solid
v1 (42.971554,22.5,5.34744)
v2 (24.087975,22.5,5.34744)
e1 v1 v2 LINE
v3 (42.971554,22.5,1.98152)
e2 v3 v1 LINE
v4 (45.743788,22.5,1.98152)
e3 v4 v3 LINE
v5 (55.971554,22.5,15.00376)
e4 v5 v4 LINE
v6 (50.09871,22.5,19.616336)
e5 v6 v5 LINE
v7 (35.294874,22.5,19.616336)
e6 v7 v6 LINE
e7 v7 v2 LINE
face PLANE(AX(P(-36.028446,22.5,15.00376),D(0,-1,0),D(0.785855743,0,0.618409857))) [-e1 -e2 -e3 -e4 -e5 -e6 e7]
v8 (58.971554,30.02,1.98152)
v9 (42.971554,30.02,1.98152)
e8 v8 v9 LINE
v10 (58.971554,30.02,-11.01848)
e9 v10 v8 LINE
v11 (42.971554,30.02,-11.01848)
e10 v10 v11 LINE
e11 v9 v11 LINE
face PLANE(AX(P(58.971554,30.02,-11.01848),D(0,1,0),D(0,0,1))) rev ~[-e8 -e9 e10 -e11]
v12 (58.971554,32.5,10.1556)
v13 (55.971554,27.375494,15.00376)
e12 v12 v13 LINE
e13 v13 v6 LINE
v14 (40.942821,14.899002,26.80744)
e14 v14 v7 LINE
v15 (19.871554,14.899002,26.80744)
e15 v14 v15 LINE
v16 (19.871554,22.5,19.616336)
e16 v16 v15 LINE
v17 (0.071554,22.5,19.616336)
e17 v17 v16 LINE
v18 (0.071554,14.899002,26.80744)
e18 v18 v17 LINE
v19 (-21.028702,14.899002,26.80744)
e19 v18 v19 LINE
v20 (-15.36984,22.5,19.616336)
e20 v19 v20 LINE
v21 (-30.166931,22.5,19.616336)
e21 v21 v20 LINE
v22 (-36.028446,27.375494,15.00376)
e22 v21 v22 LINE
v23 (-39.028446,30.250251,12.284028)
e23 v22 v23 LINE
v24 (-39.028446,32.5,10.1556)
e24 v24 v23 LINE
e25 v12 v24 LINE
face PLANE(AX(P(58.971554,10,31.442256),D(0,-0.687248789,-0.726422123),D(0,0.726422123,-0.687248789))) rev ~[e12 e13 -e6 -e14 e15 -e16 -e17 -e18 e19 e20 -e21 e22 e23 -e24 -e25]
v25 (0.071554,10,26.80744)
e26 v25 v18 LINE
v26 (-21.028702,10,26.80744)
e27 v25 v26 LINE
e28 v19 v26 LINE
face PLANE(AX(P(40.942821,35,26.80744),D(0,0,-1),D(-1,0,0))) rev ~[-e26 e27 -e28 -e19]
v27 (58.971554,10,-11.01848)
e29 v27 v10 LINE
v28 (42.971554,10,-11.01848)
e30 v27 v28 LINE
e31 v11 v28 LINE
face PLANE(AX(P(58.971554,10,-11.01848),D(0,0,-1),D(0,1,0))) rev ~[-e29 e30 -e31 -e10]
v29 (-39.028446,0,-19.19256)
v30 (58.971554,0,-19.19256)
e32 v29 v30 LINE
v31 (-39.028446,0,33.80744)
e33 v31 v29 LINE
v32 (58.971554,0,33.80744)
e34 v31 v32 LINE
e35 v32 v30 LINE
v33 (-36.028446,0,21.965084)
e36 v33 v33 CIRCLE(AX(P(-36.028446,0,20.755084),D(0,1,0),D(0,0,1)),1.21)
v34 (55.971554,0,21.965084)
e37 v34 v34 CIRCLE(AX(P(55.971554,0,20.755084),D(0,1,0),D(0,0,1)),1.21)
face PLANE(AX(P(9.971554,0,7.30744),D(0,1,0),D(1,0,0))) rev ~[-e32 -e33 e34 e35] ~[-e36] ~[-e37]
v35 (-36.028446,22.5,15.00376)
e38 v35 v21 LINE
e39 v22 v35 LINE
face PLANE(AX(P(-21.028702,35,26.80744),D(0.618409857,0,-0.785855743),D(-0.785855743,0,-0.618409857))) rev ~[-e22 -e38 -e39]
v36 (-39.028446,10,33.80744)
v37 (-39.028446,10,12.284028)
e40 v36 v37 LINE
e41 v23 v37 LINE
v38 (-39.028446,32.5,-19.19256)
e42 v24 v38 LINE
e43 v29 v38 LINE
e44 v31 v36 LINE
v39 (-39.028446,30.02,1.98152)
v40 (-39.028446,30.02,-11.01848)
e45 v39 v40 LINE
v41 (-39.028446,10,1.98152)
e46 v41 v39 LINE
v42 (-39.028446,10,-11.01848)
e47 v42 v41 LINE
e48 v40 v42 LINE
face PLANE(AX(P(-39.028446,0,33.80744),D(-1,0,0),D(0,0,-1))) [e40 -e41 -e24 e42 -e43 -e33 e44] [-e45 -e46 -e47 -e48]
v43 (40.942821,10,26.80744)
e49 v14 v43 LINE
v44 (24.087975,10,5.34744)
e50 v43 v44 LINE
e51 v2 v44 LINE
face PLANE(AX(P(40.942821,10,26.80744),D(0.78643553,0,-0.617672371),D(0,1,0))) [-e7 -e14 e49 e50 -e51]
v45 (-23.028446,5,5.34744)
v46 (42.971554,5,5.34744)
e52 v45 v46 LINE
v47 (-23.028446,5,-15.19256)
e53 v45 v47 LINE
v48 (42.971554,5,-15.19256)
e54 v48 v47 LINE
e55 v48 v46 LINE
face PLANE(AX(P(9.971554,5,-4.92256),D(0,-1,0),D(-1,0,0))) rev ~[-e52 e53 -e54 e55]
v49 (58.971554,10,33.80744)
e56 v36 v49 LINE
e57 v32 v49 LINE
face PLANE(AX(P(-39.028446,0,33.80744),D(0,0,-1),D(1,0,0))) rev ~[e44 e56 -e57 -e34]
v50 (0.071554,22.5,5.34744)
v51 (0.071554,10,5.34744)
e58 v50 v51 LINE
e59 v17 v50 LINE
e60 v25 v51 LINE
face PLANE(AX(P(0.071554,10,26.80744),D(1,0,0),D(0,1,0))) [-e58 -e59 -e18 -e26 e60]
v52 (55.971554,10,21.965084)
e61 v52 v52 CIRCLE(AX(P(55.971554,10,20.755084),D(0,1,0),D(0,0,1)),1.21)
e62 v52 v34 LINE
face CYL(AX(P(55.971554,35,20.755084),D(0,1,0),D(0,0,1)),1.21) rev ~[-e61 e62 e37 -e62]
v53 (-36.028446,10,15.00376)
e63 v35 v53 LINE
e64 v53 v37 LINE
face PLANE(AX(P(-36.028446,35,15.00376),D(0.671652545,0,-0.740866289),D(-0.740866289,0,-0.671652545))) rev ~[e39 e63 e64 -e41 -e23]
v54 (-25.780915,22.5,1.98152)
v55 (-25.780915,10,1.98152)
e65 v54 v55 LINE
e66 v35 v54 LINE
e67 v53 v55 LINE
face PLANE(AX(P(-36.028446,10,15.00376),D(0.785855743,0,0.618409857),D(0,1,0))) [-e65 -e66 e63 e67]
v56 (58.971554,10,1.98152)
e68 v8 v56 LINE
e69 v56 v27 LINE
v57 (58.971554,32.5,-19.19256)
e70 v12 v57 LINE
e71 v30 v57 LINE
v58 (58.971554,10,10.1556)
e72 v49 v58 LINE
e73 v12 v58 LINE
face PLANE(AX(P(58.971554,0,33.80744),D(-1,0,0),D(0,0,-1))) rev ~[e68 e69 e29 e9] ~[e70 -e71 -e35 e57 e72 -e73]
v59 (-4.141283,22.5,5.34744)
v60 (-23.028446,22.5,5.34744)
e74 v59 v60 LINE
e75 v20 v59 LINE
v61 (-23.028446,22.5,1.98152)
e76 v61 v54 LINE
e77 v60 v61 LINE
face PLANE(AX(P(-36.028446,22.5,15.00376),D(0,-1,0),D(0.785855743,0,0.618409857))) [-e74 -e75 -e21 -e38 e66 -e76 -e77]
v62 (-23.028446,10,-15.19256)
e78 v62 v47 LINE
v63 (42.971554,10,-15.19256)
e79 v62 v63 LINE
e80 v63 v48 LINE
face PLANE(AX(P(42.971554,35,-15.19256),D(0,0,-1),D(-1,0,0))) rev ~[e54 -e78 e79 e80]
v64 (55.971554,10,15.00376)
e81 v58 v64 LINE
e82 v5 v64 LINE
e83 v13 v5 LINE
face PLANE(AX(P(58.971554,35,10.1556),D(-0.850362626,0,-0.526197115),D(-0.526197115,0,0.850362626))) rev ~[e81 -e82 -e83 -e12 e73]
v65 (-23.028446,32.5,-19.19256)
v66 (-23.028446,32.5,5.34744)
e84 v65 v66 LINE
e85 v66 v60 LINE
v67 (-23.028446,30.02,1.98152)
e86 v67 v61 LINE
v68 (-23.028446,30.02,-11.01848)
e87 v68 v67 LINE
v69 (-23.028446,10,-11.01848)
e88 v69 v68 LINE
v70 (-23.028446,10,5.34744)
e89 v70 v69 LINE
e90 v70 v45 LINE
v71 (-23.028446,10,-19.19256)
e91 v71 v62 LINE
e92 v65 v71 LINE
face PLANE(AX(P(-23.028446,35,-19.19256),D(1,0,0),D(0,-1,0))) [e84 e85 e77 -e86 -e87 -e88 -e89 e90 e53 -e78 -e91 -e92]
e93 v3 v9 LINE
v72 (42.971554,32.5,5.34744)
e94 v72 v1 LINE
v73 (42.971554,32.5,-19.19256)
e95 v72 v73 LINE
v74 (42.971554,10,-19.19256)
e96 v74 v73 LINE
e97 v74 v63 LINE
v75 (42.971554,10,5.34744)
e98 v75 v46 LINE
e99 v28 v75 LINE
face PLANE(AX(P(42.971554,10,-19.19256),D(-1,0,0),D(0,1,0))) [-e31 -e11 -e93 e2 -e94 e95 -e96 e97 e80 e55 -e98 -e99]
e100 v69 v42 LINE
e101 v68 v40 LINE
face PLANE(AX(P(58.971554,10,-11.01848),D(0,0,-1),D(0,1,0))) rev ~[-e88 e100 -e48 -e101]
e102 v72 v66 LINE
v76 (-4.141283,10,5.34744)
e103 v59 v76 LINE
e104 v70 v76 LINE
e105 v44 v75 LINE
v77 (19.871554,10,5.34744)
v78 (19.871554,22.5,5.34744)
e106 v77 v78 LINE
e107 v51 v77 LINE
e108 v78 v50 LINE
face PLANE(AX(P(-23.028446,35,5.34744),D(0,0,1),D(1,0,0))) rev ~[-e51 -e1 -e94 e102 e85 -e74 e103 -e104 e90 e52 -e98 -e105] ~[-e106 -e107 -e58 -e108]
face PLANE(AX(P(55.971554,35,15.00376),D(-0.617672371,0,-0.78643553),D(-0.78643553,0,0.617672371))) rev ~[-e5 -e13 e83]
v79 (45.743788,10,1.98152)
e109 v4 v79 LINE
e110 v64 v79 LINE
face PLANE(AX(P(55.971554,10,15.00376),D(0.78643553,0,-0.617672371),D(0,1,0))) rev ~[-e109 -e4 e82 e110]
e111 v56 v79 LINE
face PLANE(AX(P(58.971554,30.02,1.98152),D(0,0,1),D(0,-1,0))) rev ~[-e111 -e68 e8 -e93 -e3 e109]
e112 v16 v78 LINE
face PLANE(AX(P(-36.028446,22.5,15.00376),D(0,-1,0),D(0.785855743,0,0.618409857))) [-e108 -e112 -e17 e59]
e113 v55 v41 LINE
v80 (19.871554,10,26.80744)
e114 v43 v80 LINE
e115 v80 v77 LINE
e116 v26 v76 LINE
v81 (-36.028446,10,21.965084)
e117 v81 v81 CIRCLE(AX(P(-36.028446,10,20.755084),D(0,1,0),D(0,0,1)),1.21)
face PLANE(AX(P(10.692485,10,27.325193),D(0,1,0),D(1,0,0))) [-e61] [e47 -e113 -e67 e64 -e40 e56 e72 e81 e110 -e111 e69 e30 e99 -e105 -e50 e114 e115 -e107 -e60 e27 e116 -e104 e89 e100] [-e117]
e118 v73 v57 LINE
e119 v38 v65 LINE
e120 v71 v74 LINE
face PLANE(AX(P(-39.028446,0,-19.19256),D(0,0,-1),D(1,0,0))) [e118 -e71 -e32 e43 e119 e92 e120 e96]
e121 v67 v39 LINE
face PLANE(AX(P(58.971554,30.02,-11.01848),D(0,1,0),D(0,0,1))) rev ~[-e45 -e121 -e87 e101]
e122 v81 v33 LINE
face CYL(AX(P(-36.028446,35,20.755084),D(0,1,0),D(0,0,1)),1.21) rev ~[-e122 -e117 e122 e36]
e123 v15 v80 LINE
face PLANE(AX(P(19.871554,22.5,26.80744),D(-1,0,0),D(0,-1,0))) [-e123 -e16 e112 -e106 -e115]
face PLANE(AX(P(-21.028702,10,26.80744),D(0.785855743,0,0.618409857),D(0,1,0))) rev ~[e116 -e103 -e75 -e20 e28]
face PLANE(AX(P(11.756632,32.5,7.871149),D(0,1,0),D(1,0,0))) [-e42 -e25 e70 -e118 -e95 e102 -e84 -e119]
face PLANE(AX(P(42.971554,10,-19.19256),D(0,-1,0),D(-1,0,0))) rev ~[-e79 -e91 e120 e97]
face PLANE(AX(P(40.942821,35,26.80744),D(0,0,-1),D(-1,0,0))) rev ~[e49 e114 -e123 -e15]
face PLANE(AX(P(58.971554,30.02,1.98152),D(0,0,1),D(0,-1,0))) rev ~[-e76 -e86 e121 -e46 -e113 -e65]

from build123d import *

# Parameters (mm, degrees)
CROQUIS1_W              = 98
CROQUIS1_H              = 53
SALIENTE_EXTRUIR1_DEPTH = 35
CROQUIS2_R              = 1.052356083
CORTAR_EXTRUIR1_DEPTH   = 25
CROQUIS4_R              = 1.21
CORTAR_EXTRUIR2_DEPTH   = 77.456439381
CROQUIS5_R              = 1.21
CORTAR_EXTRUIR3_DEPTH   = 77.456439381
CROQUIS6_W              = 19.087146806
CROQUIS6_H              = 12.5
CORTAR_EXTRUIR4_DEPTH   = 99.715019882
CROQUIS7_W              = 19.109936399
CROQUIS7_H              = 12.5
CORTAR_EXTRUIR5_DEPTH   = 95.352926478
CORTAR_EXTRUIR6_DEPTH   = 83.575081806
CORTAR_EXTRUIR7_DEPTH   = 30
CORTAR_EXTRUIR8_DEPTH   = 110.416374403
CORTAR_EXTRUIR9_DEPTH   = 24
CROQUIS12_W             = 107.668440241
CROQUIS12_H             = 57.968086936
CORTAR_EXTRUIR10_DEPTH  = 2.5
CORTAR_EXTRUIR11_DEPTH  = 109.642500834


with BuildPart() as part:
    # Croquis1 → Saliente-Extruir1 (new body)
    with BuildSketch(Plane(origin=(0, 0, 0), x_dir=(1, 0, 0), z_dir=(0, 1, 0))):
        with Locations((9.971553611, -7.307439825)):
            Rectangle(CROQUIS1_W, CROQUIS1_H)
    extrude(amount=SALIENTE_EXTRUIR1_DEPTH)

    # Croquis2 → Cortar-Extruir1 (cut)
    with BuildSketch(Plane(origin=(0, 35, 0), x_dir=(1, 0, 0), z_dir=(0, 1, 0))):
        Polygon((19.971553611, -26.807439825), (9.971553611, -26.807439825), (-0.028446389, -26.807439825), (-21.028702453, -26.807439825), (-36.028446389, -15.003760101), (-39.028446389, -12.284028263), (-39.028446389, -33.807439825), (58.971553611, -33.807439825), (58.971553611, -10.155599963), (55.971553611, -15.003760101), (40.942820659, -26.807439825), align=None)
        with Locations(Location((-36.028446389, -20.755083742, 0), (0, 0, 270))):
            Circle(CROQUIS2_R, mode=Mode.SUBTRACT)
        with Locations(Location((55.971553611, -20.755083742, 0), (0, 0, 270))):
            Circle(CROQUIS2_R, mode=Mode.SUBTRACT)
    extrude(amount=-CORTAR_EXTRUIR1_DEPTH, mode=Mode.SUBTRACT)

    # Croquis4 → Cortar-Extruir2 (cut, through all)
    with BuildSketch(Plane(origin=(0, 35, 0), x_dir=(1, 0, 0), z_dir=(0, 1, 0))):
        with Locations(Location((-36.028446389, -20.755083742, 0), (0, 0, 270))):
            Circle(CROQUIS4_R)
    extrude(amount=-CORTAR_EXTRUIR2_DEPTH, mode=Mode.SUBTRACT)

    # Croquis5 → Cortar-Extruir3 (cut, through all)
    with BuildSketch(Plane(origin=(0, 35, 0), x_dir=(1, 0, 0), z_dir=(0, 1, 0))):
        with Locations(Location((55.971553611, -20.755083742, 0), (0, 0, 270))):
            Circle(CROQUIS5_R)
    extrude(amount=-CORTAR_EXTRUIR3_DEPTH, mode=Mode.SUBTRACT)

    # Croquis6 → Cortar-Extruir4 (cut, through all)
    with BuildSketch(Plane(origin=(-21.069927214, 0, 26.774999013), x_dir=(0.7858557430790737, 0, 0.6184098568664935), z_dir=(-0.6184098568664935, 0, 0.7858557430790737))):
        with Locations((-9.49111497, 16.25)):
            Rectangle(CROQUIS6_W, CROQUIS6_H)
    extrude(amount=-CORTAR_EXTRUIR4_DEPTH, mode=Mode.SUBTRACT)

    # Croquis7 → Cortar-Extruir5 (cut, through all)
    with BuildSketch(Plane(origin=(28.642438973, 0, 36.468251975), x_dir=(0.7864355295732114, 0, -0.6176723709418307), z_dir=(0.6176723709418307, 0, 0.7864355295732114))):
        with Locations((25.195642131, 16.25)):
            Rectangle(CROQUIS7_W, CROQUIS7_H)
    extrude(amount=-CORTAR_EXTRUIR5_DEPTH, mode=Mode.SUBTRACT)

    # Croquis8 → Cortar-Extruir6 (cut, through all)
    with BuildSketch(Plane.XY.offset(26.807439825)):
        Polygon((9.971553611, 10), (0.071553611, 10), (0.071553611, 22.5), (9.971553611, 22.5), (19.871553611, 22.5), (19.871553611, 10), align=None)
    extrude(amount=-CORTAR_EXTRUIR6_DEPTH, mode=Mode.SUBTRACT)

    # Croquis9 → Cortar-Extruir7 (cut)
    with BuildSketch(Plane(origin=(0, 35, 0), x_dir=(1, 0, 0), z_dir=(0, 1, 0))):
        Polygon((9.971553611, 15.192560175), (42.971553611, 15.192560175), (42.971553611, -5.347439825), (9.971553611, -5.347439825), (-23.028446389, -5.347439825), (-23.028446389, 15.192560175), align=None)
    extrude(amount=-CORTAR_EXTRUIR7_DEPTH, mode=Mode.SUBTRACT)

    # Croquis10 → Cortar-Extruir8 (cut, through all)
    with BuildSketch(Plane(origin=(58.971553611, 0, 0), x_dir=(0, 0, -1), z_dir=(1, 0, 0))):
        Polygon((4.518480106, 10), (11.018480106, 10), (11.018480106, 30.02), (4.518480106, 30.02), (-1.981519894, 30.02), (-1.981519894, 10), align=None)
    extrude(amount=-CORTAR_EXTRUIR8_DEPTH, mode=Mode.SUBTRACT)

    # Croquis11 → Cortar-Extruir9 (cut)
    with BuildSketch(Plane(origin=(0, 0, -19.192560175), x_dir=(-1, 0, 0), z_dir=(0, 0, -1))):
        Polygon((-9.971553611, 35), (23.028446389, 35), (23.028446389, 10), (-9.971553611, 10), (-42.971553611, 10), (-42.971553611, 35), align=None)
    extrude(amount=-CORTAR_EXTRUIR9_DEPTH, mode=Mode.SUBTRACT)

    # Croquis12 → Cortar-Extruir10 (cut)
    with BuildSketch(Plane(origin=(0, 35, 0), x_dir=(1, 0, 0), z_dir=(0, 1, 0))):
        with Locations((11.756632462, -7.871148936)):
            Rectangle(CROQUIS12_W, CROQUIS12_H)
    extrude(amount=-CORTAR_EXTRUIR10_DEPTH, mode=Mode.SUBTRACT)

    # Croquis13 → Cortar-Extruir11 (cut, through all)
    with BuildSketch(Plane(origin=(58.971553611, 0, 0), x_dir=(0, 0, -1), z_dir=(1, 0, 0))):
        Polygon((-33.807439825, 32.5), (-33.807439825, 10), (-31.442255839, 10), (-10.155599963, 32.5), align=None)
    extrude(amount=-CORTAR_EXTRUIR11_DEPTH, mode=Mode.SUBTRACT)


solid = part.part
